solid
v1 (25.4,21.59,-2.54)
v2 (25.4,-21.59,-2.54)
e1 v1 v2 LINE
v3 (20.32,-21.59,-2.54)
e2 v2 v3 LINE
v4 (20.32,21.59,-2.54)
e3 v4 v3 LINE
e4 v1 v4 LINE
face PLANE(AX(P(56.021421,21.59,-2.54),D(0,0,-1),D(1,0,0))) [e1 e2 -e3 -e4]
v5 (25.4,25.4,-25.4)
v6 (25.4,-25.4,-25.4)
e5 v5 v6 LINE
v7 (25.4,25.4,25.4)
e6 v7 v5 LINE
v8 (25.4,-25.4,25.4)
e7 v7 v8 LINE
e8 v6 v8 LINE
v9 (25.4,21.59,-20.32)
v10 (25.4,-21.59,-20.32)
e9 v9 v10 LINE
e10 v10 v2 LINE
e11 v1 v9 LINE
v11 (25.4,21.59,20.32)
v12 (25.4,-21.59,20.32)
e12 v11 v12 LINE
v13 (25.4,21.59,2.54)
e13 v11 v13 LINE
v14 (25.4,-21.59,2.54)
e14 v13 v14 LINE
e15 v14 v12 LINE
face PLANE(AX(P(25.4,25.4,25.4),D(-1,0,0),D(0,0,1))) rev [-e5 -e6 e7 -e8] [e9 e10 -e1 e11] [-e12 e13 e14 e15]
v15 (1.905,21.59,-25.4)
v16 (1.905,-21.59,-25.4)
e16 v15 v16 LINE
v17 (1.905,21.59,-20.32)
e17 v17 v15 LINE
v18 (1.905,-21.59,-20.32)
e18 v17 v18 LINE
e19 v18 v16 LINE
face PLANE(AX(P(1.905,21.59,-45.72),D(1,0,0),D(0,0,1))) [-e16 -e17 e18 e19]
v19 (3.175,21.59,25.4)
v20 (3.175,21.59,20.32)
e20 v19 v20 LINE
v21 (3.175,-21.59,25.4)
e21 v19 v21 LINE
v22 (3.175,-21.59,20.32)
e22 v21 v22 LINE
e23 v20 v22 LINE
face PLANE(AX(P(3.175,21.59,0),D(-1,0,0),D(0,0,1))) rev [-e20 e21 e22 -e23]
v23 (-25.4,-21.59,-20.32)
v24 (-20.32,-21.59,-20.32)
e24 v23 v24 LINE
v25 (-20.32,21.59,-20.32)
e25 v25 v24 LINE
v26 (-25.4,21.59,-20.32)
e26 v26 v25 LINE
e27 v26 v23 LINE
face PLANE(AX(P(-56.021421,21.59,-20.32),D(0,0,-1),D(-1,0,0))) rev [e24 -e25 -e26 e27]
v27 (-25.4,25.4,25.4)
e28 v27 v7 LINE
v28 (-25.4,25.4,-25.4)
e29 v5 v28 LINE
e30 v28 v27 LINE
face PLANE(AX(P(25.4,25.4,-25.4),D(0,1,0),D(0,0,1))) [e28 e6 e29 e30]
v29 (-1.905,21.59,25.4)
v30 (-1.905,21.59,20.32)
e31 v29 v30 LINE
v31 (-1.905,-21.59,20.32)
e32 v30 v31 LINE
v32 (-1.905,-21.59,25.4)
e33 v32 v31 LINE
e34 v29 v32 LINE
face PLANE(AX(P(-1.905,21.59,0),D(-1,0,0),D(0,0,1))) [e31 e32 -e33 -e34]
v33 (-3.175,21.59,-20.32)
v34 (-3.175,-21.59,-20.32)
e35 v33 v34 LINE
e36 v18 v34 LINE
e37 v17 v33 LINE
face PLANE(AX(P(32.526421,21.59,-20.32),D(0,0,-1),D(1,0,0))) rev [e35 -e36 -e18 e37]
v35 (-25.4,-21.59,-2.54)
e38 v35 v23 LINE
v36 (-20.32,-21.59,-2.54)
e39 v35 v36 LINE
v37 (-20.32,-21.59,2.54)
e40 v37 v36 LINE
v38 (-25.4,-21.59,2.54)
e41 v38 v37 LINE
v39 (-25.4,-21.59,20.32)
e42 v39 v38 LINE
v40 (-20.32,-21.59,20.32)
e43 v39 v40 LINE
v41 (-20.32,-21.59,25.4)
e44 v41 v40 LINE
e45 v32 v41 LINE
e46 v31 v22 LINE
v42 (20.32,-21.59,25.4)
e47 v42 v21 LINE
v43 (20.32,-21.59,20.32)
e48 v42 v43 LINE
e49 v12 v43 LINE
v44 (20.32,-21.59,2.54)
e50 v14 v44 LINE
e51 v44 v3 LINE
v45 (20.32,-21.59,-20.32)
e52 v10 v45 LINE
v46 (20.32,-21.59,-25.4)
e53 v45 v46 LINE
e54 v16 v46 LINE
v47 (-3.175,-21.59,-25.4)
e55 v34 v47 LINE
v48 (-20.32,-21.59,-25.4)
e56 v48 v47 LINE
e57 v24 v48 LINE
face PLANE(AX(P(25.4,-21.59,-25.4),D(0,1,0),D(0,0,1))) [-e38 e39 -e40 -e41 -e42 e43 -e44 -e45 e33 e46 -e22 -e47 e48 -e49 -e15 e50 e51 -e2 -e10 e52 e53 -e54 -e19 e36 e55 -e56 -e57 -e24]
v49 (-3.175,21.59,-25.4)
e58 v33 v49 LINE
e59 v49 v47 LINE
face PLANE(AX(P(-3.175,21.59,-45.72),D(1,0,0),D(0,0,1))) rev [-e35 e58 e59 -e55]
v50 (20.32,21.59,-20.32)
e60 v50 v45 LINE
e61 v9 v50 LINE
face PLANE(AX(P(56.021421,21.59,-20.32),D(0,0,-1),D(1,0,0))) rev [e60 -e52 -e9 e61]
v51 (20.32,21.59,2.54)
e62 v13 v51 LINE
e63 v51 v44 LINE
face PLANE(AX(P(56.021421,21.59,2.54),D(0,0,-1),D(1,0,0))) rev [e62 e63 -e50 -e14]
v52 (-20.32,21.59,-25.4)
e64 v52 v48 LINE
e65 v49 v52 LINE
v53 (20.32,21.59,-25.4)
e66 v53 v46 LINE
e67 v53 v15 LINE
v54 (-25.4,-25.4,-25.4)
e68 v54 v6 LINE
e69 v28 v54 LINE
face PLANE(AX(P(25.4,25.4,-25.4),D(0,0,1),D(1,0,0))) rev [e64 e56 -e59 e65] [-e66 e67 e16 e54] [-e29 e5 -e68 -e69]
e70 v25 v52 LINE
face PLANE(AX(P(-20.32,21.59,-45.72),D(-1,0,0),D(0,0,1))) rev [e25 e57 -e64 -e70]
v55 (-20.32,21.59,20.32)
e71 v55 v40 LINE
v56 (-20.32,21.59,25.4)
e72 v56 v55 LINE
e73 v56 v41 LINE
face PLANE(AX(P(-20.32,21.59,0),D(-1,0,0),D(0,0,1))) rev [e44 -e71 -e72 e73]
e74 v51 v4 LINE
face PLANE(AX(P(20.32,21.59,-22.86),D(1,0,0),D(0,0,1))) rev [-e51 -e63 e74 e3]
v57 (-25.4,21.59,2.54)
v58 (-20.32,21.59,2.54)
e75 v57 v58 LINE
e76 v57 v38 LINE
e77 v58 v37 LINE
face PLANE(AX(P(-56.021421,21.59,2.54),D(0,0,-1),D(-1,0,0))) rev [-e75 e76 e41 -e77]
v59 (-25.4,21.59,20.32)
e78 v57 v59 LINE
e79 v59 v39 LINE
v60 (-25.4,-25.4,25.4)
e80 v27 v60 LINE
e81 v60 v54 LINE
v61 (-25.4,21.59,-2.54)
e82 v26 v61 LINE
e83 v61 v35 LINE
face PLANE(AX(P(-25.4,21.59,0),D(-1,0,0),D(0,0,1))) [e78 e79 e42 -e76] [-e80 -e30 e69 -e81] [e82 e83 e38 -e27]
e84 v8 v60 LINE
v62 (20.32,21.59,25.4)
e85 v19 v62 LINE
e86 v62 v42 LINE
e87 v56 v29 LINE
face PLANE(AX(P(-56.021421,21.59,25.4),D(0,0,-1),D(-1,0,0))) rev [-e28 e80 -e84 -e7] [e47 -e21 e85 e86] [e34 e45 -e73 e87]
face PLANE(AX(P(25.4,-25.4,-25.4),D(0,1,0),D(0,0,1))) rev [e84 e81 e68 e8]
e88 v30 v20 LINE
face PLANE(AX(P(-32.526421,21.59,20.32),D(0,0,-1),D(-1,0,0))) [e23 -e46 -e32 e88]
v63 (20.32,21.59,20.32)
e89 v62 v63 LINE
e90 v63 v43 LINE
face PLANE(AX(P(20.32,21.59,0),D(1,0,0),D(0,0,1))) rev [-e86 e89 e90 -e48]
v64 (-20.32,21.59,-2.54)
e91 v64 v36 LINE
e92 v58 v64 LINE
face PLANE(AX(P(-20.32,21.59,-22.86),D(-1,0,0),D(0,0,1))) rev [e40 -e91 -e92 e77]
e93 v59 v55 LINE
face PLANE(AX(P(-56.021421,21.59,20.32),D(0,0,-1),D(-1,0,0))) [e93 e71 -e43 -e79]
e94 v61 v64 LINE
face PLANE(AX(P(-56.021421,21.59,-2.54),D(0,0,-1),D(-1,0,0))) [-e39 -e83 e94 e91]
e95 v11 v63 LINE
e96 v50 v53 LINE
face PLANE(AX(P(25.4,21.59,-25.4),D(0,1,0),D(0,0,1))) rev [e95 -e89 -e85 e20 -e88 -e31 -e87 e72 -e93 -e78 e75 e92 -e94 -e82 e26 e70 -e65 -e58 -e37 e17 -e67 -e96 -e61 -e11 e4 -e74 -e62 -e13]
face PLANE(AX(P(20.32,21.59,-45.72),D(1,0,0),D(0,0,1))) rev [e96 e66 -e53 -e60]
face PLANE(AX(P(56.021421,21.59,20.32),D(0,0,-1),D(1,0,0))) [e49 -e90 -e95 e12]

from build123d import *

# Parameters (mm, degrees)
SKETCH1_W           = 5.08
SKETCH1_H           = 5.08
BOSS_EXTRUDE1_DEPTH = 21.59
LPATTERN2_COUNT     = 3
LPATTERN2_PITCH     = 22.86
LPATTERN3_COUNT     = 2
LPATTERN3_PITCH     = 23.495
LPATTERN4_COUNT     = 2
LPATTERN4_PITCH     = 23.495
SKETCH2_W           = 50.8
SKETCH2_H           = 50.8
BOSS_EXTRUDE3_DEPTH = 3.81
SKETCH3_W           = 50.8
SKETCH3_H           = 50.8
BOSS_EXTRUDE4_DEPTH = 3.81


with BuildPart() as part:
    # Sketch1 → Boss-Extrude1 (new body, symmetric)
    with BuildSketch(Plane(origin=(0, 0, 0), x_dir=(1, 0, 0), z_dir=(0, 1, 0))):
        with Locations((-22.86, -22.86)):
            Rectangle(SKETCH1_W, SKETCH1_H)
    extrude(amount=BOSS_EXTRUDE1_DEPTH, both=True)


with BuildPart() as lpattern2_1:
    # LPattern2: pattern copy
    add(part.part.moved(Location(Vector(0, 0, -1) * (1 * LPATTERN2_PITCH))))


with BuildPart() as lpattern2_2:
    # LPattern2: pattern copy
    add(part.part.moved(Location(Vector(0, 0, -1) * (2 * LPATTERN2_PITCH))))


with BuildPart() as body_4:
    # Mirror1: mirrored copy
    add(lpattern2_2.part.mirror(Plane(origin=(0, 0, 0), x_dir=(0, 0, 1), z_dir=(1, 0, 0))))


with BuildPart() as body_5:
    # Mirror1 2: mirrored copy
    add(lpattern2_1.part.mirror(Plane(origin=(0, 0, 0), x_dir=(0, 0, 1), z_dir=(1, 0, 0))))


with BuildPart() as body_6:
    # Mirror1 3: mirrored copy
    add(part.part.mirror(Plane(origin=(0, 0, 0), x_dir=(0, 0, 1), z_dir=(1, 0, 0))))


with BuildPart() as lpattern3_1:
    # LPattern3: pattern copy
    add(part.part.moved(Location(Vector(1, 0, 0) * (1 * LPATTERN3_PITCH))))


with BuildPart() as lpattern4_1:
    # LPattern4: pattern copy
    add(body_4.part.moved(Location(Vector(-1, 0, 0) * (1 * LPATTERN4_PITCH))))


with BuildPart() as part_1:
    add(part.part)

    add(lpattern2_1.part)  # Boss-Extrude3 merges LPattern2_1

    add(lpattern2_2.part)  # Boss-Extrude3 merges LPattern2_2

    add(body_4.part)  # Boss-Extrude3 merges body 4

    add(body_5.part)  # Boss-Extrude3 merges body 5

    add(body_6.part)  # Boss-Extrude3 merges body 6

    add(lpattern3_1.part)  # Boss-Extrude3 merges LPattern3_1

    add(lpattern4_1.part)  # Boss-Extrude3 merges LPattern4_1
    # Sketch2 → Boss-Extrude3 (add)
    with BuildSketch(Plane(origin=(0, 21.59, 0), x_dir=(1, 0, 0), z_dir=(0, 1, 0))):
        Rectangle(SKETCH2_W, SKETCH2_H)
    extrude(amount=BOSS_EXTRUDE3_DEPTH)

    # Sketch3 → Boss-Extrude4 (add)
    with BuildSketch(Plane.XZ.offset(21.59)):
        Rectangle(SKETCH3_W, SKETCH3_H)
    extrude(amount=BOSS_EXTRUDE4_DEPTH)


solid = part_1.part
